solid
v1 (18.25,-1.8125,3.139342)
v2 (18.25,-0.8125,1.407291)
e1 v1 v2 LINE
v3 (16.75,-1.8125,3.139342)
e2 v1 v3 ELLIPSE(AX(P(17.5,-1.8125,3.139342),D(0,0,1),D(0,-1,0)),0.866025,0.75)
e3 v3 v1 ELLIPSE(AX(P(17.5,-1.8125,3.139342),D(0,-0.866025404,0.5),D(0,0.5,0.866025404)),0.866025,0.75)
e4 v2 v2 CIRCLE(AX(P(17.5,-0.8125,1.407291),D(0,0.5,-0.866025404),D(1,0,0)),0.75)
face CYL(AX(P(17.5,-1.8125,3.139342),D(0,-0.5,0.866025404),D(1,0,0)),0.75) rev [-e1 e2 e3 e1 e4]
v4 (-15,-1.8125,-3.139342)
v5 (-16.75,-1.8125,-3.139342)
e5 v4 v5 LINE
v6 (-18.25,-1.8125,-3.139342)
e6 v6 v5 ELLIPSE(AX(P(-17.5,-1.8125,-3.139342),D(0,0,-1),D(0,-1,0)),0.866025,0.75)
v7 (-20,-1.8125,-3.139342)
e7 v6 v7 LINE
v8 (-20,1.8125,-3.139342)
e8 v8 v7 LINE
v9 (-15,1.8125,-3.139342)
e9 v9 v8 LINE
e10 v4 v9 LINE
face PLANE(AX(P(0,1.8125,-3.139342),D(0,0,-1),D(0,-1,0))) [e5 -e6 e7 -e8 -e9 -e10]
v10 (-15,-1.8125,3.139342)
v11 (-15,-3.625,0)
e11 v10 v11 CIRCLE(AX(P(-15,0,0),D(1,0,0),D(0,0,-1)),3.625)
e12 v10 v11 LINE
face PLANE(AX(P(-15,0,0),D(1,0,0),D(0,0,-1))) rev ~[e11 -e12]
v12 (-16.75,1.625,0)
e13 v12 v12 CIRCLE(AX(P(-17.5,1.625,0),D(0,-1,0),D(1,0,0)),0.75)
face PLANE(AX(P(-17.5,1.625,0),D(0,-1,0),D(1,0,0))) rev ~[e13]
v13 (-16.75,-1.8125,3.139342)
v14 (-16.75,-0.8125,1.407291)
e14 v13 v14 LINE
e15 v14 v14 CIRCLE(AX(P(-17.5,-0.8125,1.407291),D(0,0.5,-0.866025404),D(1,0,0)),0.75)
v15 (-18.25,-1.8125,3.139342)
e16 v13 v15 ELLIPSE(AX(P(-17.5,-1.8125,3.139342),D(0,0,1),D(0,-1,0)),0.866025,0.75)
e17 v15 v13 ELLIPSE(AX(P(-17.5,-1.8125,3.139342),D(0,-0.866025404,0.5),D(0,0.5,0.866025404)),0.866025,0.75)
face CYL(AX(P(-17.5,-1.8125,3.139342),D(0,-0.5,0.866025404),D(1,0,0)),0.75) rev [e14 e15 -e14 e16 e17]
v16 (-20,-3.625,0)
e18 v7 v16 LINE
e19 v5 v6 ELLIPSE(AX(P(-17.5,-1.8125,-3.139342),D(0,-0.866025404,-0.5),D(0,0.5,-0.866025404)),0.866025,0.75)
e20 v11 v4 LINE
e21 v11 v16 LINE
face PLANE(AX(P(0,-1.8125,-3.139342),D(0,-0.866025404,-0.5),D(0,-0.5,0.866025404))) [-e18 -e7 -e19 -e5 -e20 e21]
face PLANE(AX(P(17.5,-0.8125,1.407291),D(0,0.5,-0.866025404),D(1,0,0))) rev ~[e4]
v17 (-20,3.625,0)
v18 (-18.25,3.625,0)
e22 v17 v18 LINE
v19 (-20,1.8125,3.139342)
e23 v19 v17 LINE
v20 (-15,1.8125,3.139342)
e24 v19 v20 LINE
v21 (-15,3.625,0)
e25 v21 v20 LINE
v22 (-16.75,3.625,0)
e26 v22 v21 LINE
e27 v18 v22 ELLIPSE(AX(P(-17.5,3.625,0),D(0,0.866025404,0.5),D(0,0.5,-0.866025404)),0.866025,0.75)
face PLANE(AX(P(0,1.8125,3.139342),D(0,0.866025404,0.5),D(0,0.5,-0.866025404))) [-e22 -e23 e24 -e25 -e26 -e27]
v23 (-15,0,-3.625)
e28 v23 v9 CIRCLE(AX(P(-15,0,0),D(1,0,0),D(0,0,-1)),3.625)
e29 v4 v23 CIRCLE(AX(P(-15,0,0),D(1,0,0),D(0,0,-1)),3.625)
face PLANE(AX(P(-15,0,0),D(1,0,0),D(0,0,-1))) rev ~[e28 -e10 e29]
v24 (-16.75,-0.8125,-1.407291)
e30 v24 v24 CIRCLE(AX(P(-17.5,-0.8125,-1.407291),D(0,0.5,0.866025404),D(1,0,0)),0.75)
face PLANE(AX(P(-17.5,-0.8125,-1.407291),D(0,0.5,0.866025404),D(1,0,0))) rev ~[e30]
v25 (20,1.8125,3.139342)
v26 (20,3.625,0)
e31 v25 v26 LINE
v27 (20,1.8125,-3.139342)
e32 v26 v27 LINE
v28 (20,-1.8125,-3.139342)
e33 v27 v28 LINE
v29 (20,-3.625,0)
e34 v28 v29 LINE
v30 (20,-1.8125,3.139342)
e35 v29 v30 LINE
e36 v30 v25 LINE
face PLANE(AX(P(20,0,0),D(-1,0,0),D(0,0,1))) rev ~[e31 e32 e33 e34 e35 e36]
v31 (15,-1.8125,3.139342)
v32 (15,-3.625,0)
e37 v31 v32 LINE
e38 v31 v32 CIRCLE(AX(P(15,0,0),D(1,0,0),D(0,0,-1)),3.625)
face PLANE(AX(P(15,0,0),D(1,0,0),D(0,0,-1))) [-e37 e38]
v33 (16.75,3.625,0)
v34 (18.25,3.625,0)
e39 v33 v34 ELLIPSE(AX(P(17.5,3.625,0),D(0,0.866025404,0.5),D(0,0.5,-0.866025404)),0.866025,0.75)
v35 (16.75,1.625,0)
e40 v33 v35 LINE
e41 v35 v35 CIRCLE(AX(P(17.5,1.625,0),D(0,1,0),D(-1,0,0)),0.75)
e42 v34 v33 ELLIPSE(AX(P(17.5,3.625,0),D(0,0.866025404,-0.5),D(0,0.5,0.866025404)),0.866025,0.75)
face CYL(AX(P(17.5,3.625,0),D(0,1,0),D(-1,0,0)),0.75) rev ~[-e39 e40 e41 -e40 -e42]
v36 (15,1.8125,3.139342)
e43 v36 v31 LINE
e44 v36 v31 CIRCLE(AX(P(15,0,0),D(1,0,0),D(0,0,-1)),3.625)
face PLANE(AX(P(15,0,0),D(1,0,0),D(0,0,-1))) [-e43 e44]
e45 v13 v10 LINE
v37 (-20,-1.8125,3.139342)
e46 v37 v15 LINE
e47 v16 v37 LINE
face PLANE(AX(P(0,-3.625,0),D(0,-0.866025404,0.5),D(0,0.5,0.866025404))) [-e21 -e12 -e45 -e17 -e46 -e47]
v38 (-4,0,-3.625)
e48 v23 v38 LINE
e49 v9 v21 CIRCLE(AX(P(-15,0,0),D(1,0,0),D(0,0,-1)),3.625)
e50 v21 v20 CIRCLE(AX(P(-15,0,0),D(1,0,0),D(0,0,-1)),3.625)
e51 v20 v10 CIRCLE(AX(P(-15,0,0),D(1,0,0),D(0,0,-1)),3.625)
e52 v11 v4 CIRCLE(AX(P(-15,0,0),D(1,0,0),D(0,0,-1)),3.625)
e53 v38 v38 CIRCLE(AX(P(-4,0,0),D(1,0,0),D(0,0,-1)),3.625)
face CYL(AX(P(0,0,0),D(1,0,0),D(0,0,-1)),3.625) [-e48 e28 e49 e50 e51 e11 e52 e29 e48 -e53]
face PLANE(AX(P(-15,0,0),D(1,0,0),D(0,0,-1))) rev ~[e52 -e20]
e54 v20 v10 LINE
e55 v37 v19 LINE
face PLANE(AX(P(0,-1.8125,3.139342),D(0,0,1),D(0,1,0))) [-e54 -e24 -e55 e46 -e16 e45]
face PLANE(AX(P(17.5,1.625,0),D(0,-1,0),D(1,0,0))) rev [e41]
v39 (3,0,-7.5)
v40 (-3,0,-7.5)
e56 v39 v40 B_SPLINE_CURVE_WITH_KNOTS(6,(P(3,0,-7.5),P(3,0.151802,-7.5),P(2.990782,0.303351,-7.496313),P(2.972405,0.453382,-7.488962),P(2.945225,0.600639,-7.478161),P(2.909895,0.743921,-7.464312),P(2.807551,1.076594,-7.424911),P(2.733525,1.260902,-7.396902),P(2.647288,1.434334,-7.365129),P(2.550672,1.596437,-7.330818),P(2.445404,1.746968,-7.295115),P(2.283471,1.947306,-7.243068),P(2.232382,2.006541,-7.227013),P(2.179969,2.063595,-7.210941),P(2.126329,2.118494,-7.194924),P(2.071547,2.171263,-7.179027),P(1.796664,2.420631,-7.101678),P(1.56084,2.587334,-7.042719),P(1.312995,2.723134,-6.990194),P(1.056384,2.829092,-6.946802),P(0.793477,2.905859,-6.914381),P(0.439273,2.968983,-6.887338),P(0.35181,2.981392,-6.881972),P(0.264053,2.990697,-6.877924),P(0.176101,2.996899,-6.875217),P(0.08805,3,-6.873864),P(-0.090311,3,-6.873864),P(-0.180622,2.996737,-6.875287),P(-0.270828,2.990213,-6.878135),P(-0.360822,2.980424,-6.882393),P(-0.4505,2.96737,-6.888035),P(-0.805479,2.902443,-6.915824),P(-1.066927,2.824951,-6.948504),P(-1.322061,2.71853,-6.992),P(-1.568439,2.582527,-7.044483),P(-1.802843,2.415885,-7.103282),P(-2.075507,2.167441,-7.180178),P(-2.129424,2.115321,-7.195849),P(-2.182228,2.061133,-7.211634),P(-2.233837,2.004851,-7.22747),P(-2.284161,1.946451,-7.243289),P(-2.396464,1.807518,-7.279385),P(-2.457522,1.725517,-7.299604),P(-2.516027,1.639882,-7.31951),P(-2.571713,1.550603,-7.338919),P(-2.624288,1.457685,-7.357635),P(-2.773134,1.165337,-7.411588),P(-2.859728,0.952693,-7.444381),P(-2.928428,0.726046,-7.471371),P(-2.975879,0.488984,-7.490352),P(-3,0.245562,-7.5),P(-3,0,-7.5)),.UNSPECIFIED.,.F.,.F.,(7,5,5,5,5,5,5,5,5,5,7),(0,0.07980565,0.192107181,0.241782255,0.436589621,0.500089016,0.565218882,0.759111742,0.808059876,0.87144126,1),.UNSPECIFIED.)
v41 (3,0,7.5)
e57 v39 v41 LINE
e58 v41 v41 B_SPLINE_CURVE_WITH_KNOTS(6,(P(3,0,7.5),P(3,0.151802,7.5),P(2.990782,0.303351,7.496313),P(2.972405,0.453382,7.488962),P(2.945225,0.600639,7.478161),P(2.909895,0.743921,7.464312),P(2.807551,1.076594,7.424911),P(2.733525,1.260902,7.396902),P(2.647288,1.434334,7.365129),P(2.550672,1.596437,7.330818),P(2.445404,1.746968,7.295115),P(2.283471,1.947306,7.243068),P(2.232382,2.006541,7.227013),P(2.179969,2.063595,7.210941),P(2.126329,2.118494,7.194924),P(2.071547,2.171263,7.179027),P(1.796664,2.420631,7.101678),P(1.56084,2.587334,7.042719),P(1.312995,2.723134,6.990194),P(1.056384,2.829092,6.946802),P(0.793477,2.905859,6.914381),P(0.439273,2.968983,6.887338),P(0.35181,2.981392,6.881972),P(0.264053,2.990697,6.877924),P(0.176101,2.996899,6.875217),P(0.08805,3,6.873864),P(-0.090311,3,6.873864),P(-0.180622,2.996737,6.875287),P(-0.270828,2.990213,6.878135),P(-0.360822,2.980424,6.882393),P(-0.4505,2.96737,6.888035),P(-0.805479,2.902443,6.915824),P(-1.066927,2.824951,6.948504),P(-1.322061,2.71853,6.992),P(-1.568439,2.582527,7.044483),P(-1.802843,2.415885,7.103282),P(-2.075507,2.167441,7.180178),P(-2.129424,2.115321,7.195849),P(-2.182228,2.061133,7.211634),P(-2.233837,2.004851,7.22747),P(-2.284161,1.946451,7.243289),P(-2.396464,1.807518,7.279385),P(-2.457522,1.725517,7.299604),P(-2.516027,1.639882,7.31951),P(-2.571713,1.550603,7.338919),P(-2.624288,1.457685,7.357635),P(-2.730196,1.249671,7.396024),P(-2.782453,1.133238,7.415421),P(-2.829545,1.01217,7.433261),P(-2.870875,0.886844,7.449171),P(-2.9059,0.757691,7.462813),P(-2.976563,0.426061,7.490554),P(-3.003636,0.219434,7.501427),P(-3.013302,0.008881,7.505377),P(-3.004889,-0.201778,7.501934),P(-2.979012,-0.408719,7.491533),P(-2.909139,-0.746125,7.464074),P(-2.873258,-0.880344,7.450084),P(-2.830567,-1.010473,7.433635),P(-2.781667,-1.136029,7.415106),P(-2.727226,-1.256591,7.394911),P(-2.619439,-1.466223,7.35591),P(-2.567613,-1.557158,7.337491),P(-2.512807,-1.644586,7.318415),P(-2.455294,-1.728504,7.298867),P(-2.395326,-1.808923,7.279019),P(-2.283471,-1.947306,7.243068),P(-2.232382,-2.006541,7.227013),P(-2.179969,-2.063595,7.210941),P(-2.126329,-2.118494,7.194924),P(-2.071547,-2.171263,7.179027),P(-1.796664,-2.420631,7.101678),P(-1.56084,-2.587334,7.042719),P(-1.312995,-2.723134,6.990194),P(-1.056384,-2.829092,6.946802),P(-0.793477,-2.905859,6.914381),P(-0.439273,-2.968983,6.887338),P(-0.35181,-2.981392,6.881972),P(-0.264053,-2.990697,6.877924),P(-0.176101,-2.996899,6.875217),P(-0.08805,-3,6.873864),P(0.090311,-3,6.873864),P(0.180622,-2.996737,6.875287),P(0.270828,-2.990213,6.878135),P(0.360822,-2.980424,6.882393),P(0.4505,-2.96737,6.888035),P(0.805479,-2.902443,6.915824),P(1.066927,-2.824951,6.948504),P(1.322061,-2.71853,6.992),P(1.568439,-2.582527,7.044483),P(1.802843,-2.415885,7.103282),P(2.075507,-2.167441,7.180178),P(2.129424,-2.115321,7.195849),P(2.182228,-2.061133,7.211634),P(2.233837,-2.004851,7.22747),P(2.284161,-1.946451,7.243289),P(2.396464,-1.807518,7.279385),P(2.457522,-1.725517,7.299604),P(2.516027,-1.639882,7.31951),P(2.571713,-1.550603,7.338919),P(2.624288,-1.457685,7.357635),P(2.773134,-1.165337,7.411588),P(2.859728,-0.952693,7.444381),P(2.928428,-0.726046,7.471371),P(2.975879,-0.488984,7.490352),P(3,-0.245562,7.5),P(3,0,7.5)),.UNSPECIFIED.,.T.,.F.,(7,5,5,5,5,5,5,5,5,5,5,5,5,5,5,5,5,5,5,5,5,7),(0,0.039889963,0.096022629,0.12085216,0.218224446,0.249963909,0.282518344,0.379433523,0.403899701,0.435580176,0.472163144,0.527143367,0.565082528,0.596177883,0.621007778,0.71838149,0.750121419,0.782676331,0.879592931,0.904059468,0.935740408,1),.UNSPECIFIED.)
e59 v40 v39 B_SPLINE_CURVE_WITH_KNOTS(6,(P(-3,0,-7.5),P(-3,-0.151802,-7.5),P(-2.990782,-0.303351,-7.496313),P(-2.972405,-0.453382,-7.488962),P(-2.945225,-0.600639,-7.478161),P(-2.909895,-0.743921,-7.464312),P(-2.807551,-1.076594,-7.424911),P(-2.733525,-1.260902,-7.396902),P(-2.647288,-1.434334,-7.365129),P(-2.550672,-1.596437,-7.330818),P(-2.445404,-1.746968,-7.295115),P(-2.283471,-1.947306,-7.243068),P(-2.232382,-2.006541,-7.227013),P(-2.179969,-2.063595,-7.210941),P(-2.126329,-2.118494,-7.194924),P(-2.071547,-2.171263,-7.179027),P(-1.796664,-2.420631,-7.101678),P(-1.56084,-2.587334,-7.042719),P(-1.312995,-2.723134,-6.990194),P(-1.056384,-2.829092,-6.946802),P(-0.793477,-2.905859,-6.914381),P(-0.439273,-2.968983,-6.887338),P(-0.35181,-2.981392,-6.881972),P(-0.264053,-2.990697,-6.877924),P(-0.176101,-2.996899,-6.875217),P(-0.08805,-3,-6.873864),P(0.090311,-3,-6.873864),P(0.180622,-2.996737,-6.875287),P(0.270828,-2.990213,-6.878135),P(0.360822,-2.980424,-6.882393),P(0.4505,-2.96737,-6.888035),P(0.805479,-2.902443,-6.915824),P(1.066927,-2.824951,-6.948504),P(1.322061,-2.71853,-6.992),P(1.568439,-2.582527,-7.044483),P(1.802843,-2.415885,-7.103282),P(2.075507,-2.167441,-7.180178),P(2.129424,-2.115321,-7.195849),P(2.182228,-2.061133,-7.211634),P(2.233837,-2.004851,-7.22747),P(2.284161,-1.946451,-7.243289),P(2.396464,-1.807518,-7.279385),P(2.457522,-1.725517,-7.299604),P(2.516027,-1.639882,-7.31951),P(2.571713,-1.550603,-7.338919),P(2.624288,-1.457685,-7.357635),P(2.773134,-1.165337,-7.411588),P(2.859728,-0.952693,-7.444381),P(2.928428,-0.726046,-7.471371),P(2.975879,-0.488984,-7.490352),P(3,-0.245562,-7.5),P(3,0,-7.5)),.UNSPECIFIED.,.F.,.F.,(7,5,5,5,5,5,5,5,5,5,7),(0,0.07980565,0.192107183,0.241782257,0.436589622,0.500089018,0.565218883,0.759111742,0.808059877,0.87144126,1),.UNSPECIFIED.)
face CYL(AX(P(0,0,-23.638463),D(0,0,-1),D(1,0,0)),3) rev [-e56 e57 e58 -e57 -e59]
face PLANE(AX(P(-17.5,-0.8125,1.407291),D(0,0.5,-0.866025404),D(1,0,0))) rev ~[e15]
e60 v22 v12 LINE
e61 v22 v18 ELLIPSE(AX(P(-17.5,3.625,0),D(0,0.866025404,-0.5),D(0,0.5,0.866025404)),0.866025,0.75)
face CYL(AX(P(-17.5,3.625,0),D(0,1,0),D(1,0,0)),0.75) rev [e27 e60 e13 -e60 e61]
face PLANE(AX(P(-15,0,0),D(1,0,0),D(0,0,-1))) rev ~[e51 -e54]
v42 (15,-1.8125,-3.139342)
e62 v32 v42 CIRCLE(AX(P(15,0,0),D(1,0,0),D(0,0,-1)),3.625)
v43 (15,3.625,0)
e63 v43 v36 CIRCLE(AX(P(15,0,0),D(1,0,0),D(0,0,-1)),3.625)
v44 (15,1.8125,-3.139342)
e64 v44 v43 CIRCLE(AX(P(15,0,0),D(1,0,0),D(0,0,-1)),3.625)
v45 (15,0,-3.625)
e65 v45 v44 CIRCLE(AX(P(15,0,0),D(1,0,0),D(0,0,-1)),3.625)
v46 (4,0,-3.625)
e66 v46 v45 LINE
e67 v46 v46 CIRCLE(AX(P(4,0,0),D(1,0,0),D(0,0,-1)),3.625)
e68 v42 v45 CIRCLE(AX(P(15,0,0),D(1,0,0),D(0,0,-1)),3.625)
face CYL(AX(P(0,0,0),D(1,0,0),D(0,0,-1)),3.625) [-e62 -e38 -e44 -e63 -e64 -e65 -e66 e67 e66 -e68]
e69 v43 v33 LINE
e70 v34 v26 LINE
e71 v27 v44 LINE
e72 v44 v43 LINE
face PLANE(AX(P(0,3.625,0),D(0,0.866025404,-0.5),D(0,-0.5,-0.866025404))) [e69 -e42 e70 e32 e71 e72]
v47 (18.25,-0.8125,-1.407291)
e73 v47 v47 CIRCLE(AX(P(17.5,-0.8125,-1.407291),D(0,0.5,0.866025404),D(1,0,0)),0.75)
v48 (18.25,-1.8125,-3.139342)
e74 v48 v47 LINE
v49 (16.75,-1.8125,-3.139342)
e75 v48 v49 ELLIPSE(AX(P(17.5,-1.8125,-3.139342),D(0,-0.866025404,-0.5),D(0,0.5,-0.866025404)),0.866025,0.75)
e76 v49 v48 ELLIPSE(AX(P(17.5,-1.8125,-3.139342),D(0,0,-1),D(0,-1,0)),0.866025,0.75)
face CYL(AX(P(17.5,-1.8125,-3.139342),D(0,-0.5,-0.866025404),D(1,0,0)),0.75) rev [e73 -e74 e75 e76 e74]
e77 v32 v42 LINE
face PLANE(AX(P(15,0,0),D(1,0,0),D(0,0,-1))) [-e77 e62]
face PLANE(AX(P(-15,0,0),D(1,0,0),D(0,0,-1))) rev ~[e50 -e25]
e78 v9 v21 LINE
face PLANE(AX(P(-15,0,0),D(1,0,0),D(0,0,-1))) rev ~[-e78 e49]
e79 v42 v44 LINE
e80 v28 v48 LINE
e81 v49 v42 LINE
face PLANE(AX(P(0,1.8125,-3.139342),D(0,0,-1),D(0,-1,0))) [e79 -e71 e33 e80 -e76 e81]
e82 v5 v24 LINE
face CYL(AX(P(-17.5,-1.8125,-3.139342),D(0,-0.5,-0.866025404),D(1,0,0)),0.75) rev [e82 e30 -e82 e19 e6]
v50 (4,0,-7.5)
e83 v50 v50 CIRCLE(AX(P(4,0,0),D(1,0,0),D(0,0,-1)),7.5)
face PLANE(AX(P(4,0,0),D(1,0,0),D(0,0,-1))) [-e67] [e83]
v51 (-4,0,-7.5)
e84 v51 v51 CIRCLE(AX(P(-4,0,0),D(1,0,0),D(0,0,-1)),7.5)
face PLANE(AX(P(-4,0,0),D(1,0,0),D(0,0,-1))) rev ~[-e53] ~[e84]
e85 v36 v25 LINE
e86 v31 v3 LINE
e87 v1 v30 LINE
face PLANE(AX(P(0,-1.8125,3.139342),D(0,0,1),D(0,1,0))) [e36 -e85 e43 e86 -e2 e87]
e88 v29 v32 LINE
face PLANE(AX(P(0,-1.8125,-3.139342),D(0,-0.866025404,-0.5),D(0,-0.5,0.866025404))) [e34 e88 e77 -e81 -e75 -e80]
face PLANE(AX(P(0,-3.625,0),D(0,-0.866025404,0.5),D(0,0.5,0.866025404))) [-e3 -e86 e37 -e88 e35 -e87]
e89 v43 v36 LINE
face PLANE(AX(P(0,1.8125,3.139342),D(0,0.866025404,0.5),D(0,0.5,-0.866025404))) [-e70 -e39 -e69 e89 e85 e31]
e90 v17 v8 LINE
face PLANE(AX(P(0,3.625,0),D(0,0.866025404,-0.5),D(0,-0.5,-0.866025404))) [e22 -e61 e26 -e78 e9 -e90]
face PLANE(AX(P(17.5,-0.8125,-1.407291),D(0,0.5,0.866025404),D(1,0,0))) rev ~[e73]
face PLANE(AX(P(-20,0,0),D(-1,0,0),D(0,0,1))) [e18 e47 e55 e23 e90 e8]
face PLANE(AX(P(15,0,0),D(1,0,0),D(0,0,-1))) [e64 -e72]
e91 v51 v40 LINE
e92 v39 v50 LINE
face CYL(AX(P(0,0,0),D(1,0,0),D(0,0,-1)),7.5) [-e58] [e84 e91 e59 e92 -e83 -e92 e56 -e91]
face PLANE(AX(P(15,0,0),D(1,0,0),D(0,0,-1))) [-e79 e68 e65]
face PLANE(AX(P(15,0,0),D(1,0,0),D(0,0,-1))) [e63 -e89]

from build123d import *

# Parameters (mm, degrees)
SKETCH2_R               = 7.5
BOSS_EXTRUDE1_DEPTH     = 4
SKETCH4_R               = 3.625
BOSS_EXTRUDE3_DEPTH     = 15
BOSS_EXTRUDE4_DEPTH     = 20
CUT_EXTRUDE1_DEPTH      = 23.638462845
CUT_EXTRUDE1_DEPTH_BACK = 23.638462845
SKETCH1_R               = 3
SKETCH6_R               = 0.75
CUT_EXTRUDE2_DEPTH      = 2
CIRPATTERN1_COUNT       = 3
MIRROR1_COPY_1_SKETCH_R = 0.75
MIRROR1_COPY_1_DEPTH    = 2
MIRROR1_COPY_2_SKETCH_R = 0.75
MIRROR1_COPY_2_DEPTH    = 2


with BuildPart() as part:
    # Sketch2 → Boss-Extrude1 (new, symmetric)
    with BuildSketch(Plane(origin=(0, 0, 0), x_dir=(0, 0, -1), z_dir=(1, 0, 0))):
        Circle(SKETCH2_R)
    extrude(amount=BOSS_EXTRUDE1_DEPTH, both=True)

    # Sketch4 → Boss-Extrude3 (add, symmetric)
    with BuildSketch(Plane(origin=(0, 0, 0), x_dir=(0, 0, -1), z_dir=(1, 0, 0))):
        Circle(SKETCH4_R)
    extrude(amount=BOSS_EXTRUDE3_DEPTH, both=True)

    # Sketch5 → Boss-Extrude4 (add, symmetric)
    with BuildSketch(Plane.ZY):
        Polygon((0, 3.625), (-3.139342089, 1.8125), (-3.139342089, -1.8125), (0, -3.625), (3.139342089, -1.8125), (3.139342089, 1.8125), align=None)
    extrude(amount=BOSS_EXTRUDE4_DEPTH, both=True)

    # Sketch1 → Cut-Extrude1 (cut, two sides: drawn at the far end of the back side and taken through both)
    with BuildSketch(Plane.XY.offset(-CUT_EXTRUDE1_DEPTH_BACK)):
        Circle(SKETCH1_R)
    extrude(amount=CUT_EXTRUDE1_DEPTH + CUT_EXTRUDE1_DEPTH_BACK, mode=Mode.SUBTRACT)

    # Sketch6 → Cut-Extrude2 (cut)
    with BuildSketch(Plane(origin=(0, 3.625, -26.115381057), x_dir=(-1, 0, 0), z_dir=(0, -1, 0))):
        with Locations(Location((17.5, -26.115381057, 0), (0, 0, 180))):
            Circle(SKETCH6_R)
    cut_extrude2 = extrude(amount=CUT_EXTRUDE2_DEPTH, mode=Mode.SUBTRACT)

    # CirPattern1: Cut-Extrude2 ×3 about axis
    cirpattern1_axis = Axis((0, 0, 0), (1, 0, 0))
    for i in range(1, CIRPATTERN1_COUNT):
        add(cut_extrude2.rotate(cirpattern1_axis, i * 360 / CIRPATTERN1_COUNT), mode=Mode.SUBTRACT)

    # Mirror1: Cut-Extrude2 across plane
    add(cut_extrude2.mirror(Plane(origin=(0, 0, 0), x_dir=(0, 0, 1), z_dir=(1, 0, 0))), mode=Mode.SUBTRACT)

    # Mirror1 copy 1 sketch → Mirror1 copy 1 (cut)
    with BuildSketch(Plane(origin=(0, 20.804083425, 16.197032617), x_dir=(1, 0, 0), z_dir=(0, 0.4999999999999998, -0.8660254037844387))):
        with Locations((17.5, 26.115381057)):
            Circle(MIRROR1_COPY_1_SKETCH_R)
    extrude(amount=MIRROR1_COPY_1_DEPTH, mode=Mode.SUBTRACT)

    # Mirror1 copy 2 sketch → Mirror1 copy 2 (cut)
    with BuildSketch(Plane(origin=(0, -24.429083425, 9.91834844), x_dir=(1, 0, 0), z_dir=(0, 0.5000000000000004, 0.8660254037844384))):
        with Locations((17.5, 26.115381057)):
            Circle(MIRROR1_COPY_2_SKETCH_R)
    extrude(amount=MIRROR1_COPY_2_DEPTH, mode=Mode.SUBTRACT)


solid = part.part
